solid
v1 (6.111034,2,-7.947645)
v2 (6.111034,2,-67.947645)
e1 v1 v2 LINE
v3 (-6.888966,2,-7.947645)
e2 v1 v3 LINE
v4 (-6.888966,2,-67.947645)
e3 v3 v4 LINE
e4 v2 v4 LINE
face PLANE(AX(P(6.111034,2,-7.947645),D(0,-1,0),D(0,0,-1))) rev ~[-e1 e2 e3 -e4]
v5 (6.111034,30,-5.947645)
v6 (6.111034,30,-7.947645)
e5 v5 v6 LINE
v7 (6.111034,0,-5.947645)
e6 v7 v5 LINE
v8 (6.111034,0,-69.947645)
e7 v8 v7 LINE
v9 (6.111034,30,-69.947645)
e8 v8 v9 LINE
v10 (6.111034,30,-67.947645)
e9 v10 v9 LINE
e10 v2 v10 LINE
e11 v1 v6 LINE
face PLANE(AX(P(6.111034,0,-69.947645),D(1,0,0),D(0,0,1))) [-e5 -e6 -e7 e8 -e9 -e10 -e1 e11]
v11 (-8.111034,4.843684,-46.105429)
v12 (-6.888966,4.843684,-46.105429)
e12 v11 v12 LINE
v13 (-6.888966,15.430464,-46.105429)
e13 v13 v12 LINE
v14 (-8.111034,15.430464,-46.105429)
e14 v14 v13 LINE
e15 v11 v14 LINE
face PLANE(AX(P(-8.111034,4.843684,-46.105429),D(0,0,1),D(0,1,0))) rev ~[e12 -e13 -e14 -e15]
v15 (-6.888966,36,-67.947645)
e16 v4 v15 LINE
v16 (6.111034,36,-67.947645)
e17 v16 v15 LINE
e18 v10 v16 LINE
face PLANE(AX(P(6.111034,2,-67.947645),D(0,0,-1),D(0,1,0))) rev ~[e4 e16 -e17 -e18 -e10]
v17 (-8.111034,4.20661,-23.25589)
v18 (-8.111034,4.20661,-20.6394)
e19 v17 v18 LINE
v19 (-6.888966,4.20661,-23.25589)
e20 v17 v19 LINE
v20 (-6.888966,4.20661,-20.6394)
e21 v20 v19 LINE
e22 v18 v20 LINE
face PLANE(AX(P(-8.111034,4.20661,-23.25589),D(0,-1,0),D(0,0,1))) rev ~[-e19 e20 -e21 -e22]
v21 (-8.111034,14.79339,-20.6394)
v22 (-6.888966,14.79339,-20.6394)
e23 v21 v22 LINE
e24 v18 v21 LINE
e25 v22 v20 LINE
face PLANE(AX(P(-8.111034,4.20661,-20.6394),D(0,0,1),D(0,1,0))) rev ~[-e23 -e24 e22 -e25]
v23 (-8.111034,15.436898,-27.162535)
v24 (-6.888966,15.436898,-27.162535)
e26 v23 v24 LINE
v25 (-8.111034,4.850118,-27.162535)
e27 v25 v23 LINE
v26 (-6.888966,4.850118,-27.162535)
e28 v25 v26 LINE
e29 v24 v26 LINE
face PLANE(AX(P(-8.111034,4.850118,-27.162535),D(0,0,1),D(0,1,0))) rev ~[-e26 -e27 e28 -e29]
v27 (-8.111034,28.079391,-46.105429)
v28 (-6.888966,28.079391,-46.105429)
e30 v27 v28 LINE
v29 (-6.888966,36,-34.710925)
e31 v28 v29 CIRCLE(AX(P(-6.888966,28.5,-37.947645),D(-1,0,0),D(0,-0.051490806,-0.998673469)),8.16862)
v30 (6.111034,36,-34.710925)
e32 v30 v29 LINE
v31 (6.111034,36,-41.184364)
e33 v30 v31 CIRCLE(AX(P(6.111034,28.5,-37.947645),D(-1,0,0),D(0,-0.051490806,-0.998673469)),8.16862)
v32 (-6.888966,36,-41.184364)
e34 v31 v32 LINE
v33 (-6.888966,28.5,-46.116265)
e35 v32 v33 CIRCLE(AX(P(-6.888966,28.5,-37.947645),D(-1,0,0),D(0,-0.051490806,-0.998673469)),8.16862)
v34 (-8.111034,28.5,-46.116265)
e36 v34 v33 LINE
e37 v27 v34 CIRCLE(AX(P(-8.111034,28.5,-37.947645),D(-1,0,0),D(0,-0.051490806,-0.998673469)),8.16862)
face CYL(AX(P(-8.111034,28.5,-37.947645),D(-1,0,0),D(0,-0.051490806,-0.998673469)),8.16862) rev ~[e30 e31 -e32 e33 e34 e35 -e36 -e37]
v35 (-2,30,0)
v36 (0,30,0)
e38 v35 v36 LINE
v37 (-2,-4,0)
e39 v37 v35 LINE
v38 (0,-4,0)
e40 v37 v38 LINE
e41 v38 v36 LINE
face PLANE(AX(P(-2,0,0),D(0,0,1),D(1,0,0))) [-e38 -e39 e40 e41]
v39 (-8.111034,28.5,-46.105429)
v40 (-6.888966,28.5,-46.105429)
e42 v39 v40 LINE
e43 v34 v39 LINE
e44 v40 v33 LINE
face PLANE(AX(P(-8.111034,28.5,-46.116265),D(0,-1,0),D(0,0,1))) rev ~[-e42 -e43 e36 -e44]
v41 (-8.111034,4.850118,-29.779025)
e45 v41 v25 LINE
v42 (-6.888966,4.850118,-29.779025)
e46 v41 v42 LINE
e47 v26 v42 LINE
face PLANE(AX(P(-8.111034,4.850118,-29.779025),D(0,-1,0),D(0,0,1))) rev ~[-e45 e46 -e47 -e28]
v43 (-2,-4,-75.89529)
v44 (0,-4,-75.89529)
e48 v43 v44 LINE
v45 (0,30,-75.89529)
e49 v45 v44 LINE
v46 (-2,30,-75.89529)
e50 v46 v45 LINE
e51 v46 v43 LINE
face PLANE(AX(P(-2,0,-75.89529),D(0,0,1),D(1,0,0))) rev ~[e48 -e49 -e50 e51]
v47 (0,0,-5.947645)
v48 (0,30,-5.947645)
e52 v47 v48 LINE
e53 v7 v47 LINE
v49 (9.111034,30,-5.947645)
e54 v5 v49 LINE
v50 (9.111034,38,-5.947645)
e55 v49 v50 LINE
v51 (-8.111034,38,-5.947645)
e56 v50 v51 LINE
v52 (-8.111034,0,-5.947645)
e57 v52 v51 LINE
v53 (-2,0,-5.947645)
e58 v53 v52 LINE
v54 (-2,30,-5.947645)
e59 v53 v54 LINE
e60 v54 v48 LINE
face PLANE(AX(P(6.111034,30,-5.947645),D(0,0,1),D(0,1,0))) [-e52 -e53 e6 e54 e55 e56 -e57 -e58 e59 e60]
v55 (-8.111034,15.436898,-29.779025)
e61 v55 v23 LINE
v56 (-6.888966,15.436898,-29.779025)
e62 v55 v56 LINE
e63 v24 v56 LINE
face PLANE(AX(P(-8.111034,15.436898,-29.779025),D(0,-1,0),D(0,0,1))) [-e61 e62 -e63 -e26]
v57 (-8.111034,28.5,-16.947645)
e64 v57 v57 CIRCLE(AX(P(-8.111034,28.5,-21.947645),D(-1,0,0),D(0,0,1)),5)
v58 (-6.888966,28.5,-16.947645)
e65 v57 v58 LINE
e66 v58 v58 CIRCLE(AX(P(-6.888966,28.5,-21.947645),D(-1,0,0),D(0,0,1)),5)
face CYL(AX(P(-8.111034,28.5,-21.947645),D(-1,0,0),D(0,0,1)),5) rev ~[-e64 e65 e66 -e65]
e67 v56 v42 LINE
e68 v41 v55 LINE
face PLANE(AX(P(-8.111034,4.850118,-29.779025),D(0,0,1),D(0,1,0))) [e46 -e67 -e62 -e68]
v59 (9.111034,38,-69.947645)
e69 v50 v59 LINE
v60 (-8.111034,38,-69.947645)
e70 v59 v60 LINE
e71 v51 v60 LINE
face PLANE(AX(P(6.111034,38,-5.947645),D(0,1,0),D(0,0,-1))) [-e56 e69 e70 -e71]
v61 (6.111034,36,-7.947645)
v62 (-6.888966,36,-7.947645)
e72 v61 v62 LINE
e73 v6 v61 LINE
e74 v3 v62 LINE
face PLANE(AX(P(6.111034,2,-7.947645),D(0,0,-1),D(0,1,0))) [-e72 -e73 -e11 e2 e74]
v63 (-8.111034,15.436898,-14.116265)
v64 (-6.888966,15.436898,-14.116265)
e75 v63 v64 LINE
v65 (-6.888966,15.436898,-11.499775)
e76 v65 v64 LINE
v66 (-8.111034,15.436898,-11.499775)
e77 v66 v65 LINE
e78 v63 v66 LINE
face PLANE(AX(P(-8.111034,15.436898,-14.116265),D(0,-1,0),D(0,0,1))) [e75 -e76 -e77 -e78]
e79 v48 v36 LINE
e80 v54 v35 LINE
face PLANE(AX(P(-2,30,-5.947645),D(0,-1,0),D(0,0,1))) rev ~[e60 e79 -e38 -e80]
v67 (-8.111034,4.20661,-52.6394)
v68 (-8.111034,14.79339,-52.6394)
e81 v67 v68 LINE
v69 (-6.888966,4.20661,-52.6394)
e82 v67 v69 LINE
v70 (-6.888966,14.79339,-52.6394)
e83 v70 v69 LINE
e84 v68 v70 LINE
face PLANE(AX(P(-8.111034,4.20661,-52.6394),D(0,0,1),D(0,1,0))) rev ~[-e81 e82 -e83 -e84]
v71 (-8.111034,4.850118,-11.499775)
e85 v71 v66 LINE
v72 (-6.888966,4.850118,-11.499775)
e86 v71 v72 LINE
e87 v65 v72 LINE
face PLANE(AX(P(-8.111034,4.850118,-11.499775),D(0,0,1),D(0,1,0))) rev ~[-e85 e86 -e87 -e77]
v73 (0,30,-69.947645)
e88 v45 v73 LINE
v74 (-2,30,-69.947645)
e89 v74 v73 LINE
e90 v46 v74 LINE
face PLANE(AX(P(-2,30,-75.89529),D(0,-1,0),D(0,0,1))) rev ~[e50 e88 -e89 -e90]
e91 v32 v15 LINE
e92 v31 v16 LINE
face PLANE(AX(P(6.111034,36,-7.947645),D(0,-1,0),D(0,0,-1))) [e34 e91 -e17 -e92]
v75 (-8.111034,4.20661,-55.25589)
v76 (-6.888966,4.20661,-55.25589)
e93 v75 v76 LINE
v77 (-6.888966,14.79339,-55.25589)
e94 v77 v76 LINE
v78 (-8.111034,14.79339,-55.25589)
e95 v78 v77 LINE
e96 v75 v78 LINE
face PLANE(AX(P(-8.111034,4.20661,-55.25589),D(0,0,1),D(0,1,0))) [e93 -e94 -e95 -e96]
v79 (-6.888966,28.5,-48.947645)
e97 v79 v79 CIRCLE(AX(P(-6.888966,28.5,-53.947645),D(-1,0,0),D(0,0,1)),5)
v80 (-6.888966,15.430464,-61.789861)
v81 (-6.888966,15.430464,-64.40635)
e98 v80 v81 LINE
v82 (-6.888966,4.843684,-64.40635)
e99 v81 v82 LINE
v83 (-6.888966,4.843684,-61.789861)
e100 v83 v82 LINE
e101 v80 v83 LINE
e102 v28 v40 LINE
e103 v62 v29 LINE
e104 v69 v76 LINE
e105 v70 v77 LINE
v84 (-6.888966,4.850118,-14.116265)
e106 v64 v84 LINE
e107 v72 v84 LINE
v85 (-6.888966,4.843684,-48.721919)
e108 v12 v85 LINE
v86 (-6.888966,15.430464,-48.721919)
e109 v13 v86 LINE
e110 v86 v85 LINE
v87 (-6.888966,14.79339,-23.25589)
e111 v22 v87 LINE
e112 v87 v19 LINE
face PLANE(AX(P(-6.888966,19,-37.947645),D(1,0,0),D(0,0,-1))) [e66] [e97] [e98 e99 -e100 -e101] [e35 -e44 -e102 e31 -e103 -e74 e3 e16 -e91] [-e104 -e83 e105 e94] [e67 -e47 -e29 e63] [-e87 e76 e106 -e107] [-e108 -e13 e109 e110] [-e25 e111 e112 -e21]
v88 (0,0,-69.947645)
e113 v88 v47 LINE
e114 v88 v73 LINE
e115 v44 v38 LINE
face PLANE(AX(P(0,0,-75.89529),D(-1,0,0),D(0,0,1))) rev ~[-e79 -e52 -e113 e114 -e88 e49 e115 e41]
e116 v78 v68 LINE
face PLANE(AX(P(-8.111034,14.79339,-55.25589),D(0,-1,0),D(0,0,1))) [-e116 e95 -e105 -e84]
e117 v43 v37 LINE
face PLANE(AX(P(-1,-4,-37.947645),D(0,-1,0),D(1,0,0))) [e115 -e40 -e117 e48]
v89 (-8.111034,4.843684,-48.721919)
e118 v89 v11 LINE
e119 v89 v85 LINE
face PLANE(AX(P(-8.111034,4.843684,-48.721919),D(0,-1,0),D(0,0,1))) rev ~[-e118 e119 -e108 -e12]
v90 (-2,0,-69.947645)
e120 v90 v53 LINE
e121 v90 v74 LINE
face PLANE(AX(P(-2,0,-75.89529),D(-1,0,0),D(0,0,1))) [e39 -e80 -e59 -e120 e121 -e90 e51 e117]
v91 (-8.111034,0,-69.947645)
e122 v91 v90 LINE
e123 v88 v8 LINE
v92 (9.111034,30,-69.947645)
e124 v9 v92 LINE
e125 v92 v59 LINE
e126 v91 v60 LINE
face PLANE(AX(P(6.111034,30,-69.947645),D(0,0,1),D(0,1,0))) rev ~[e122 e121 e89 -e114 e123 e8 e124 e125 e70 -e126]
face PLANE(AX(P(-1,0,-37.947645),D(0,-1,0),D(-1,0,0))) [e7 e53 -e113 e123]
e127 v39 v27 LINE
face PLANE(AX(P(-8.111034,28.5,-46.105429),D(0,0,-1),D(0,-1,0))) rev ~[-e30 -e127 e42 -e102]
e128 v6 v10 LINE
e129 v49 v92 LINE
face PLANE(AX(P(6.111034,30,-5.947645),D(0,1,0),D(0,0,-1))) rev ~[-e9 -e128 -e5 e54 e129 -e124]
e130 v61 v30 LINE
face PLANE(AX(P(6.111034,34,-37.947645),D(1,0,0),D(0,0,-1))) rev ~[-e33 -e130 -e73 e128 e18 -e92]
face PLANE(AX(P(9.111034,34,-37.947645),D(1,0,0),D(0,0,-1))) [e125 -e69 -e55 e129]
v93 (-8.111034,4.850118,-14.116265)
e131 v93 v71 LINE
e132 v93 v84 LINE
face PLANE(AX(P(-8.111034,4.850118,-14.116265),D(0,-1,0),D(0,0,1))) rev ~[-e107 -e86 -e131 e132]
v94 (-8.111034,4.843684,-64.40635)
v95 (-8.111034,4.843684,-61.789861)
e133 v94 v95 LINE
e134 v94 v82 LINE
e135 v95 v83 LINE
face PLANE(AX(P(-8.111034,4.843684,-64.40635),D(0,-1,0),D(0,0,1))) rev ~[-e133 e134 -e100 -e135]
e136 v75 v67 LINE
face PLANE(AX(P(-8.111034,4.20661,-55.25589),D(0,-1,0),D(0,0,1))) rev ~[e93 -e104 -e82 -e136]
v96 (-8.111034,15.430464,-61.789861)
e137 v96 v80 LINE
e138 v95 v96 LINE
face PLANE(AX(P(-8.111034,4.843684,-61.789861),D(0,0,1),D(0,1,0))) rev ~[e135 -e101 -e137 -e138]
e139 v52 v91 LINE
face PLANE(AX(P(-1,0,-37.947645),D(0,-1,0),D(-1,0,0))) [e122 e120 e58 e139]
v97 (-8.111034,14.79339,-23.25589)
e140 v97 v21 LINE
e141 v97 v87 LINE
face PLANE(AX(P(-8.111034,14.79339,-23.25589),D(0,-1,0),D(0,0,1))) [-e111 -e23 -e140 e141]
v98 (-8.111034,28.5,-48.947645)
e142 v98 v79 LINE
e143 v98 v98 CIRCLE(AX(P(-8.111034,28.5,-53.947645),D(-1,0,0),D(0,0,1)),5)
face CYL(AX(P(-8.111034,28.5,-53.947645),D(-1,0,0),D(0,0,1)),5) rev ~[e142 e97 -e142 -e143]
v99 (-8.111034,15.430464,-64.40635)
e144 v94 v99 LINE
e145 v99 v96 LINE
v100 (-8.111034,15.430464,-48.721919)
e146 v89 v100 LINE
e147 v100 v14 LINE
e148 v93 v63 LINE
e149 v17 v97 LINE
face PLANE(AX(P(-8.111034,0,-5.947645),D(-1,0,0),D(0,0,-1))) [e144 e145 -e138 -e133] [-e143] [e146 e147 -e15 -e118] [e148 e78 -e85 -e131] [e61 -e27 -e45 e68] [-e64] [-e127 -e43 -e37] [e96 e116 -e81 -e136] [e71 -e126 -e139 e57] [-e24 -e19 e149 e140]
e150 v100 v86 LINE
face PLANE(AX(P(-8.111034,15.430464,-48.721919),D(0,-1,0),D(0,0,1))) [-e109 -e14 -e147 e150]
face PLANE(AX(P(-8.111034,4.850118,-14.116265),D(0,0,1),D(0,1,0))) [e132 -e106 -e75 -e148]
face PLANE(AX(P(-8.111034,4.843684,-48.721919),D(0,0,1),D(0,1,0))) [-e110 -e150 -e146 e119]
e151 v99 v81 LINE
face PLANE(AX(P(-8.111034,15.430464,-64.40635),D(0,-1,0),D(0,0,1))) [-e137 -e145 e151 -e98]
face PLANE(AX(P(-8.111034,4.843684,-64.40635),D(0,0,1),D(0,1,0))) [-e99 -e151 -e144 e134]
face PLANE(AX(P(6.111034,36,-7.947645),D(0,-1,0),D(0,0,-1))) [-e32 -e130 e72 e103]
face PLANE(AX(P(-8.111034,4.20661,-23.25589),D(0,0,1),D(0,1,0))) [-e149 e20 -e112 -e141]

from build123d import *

# Parameters (mm, degrees)
EXTRUDE_1_DEPTH     = 38
SKETCH_2_W          = 60
SKETCH_2_H          = 34
CUT_EXTRUDE_1_DEPTH = 13
SKETCH_3_R          = 5
SKETCH_3_W          = 2.616489735
SKETCH_3_H          = 10.586779654
SKETCH_3_W_2        = 2.616489734
CUT_EXTRUDE_4_DEPTH = 31
SKETCH_4_W          = 2
SKETCH_4_H          = 75.8952895
EXTRUDE_3_DEPTH     = 4
SKETCH_5_W          = 5.94764475
SKETCH_5_H          = 8
CUT_EXTRUDE_5_DEPTH = 4
SKETCH_6_W          = 64
SKETCH_6_H          = 8
EXTRUDE_4_DEPTH     = 3


with BuildPart() as part:
    # 草图1 → 凸台-拉伸1 (new body)
    with BuildSketch(Plane(origin=(0, 0, 0), x_dir=(1, 0, 0), z_dir=(0, 1, 0))):
        Polygon((-2, 75.8952895), (0, 75.8952895), (0, 69.94764475), (6.11103449, 69.94764475), (6.11103449, 5.94764475), (0, 5.94764475), (0, 0), (-2, 0), (-2, 5.94764475), (-8.11103449, 5.94764475), (-8.11103449, 69.94764475), (-2, 69.94764475), align=None)
    extrude(amount=EXTRUDE_1_DEPTH)

    # 草图2 → 切除-拉伸1 (cut)
    with BuildSketch(Plane(origin=(6.11103449, 0, 0), x_dir=(0, 0, -1), z_dir=(1, 0, 0))):
        with Locations((37.94764475, 19)):
            Rectangle(SKETCH_2_W, SKETCH_2_H)
    extrude(amount=-CUT_EXTRUDE_1_DEPTH, mode=Mode.SUBTRACT)

    # 草图3 → 切除-拉伸4 (cut)
    with BuildSketch(Plane.ZY.offset(8.11103449)):
        with Locations((-53.94764475, 28.5)):
            Circle(SKETCH_3_R)
        with Locations((-63.098105483, 10.137074157)):
            Rectangle(SKETCH_3_W, SKETCH_3_H)
        with Locations((-47.413673753, 10.137074157)):
            Rectangle(SKETCH_3_W, SKETCH_3_H)
        with BuildLine():
            ThreePointArc((-46.105428885, 28.079391153), (-29.781734116, 28.710374202), (-46.116264816, 28.5))
            Line((-46.116264816, 28.5), (-46.105428885, 28.5))
            Line((-46.105428885, 28.5), (-46.105428885, 28.079391153))
        make_face()
        with Locations((-28.470779817, 10.143507991)):
            Rectangle(SKETCH_3_W, SKETCH_3_H)
        with Locations((-53.94764475, 9.5)):
            Rectangle(SKETCH_3_W_2, SKETCH_3_H)
        with Locations((-21.94764475, 28.5)):
            Circle(SKETCH_3_R)
        with Locations((-12.808019949, 10.143507991)):
            Rectangle(SKETCH_3_W_2, SKETCH_3_H)
        with Locations((-21.94764475, 9.5)):
            Rectangle(SKETCH_3_W_2, SKETCH_3_H)
    extrude(amount=-CUT_EXTRUDE_4_DEPTH, mode=Mode.SUBTRACT)

    # 草图4 → 凸台-拉伸3 (add)
    with BuildSketch(Plane.XZ):
        with Locations((-1, -37.94764475)):
            Rectangle(SKETCH_4_W, SKETCH_4_H)
    extrude(amount=EXTRUDE_3_DEPTH)

    # 草图5 → 切除-拉伸5 (cut)
    with BuildSketch(Plane.ZY.offset(2)):
        with Locations((-72.921467125, 34)):
            Rectangle(SKETCH_5_W, SKETCH_5_H)
        with Locations((-2.973822375, 34)):
            Rectangle(SKETCH_5_W, SKETCH_5_H)
    extrude(amount=-CUT_EXTRUDE_5_DEPTH, mode=Mode.SUBTRACT)

    # 草图6 → 凸台-拉伸4 (add)
    with BuildSketch(Plane(origin=(6.11103449, 0, 0), x_dir=(0, 0, -1), z_dir=(1, 0, 0))):
        with Locations((37.94764475, 34)):
            Rectangle(SKETCH_6_W, SKETCH_6_H)
    extrude(amount=EXTRUDE_4_DEPTH)


solid = part.part
